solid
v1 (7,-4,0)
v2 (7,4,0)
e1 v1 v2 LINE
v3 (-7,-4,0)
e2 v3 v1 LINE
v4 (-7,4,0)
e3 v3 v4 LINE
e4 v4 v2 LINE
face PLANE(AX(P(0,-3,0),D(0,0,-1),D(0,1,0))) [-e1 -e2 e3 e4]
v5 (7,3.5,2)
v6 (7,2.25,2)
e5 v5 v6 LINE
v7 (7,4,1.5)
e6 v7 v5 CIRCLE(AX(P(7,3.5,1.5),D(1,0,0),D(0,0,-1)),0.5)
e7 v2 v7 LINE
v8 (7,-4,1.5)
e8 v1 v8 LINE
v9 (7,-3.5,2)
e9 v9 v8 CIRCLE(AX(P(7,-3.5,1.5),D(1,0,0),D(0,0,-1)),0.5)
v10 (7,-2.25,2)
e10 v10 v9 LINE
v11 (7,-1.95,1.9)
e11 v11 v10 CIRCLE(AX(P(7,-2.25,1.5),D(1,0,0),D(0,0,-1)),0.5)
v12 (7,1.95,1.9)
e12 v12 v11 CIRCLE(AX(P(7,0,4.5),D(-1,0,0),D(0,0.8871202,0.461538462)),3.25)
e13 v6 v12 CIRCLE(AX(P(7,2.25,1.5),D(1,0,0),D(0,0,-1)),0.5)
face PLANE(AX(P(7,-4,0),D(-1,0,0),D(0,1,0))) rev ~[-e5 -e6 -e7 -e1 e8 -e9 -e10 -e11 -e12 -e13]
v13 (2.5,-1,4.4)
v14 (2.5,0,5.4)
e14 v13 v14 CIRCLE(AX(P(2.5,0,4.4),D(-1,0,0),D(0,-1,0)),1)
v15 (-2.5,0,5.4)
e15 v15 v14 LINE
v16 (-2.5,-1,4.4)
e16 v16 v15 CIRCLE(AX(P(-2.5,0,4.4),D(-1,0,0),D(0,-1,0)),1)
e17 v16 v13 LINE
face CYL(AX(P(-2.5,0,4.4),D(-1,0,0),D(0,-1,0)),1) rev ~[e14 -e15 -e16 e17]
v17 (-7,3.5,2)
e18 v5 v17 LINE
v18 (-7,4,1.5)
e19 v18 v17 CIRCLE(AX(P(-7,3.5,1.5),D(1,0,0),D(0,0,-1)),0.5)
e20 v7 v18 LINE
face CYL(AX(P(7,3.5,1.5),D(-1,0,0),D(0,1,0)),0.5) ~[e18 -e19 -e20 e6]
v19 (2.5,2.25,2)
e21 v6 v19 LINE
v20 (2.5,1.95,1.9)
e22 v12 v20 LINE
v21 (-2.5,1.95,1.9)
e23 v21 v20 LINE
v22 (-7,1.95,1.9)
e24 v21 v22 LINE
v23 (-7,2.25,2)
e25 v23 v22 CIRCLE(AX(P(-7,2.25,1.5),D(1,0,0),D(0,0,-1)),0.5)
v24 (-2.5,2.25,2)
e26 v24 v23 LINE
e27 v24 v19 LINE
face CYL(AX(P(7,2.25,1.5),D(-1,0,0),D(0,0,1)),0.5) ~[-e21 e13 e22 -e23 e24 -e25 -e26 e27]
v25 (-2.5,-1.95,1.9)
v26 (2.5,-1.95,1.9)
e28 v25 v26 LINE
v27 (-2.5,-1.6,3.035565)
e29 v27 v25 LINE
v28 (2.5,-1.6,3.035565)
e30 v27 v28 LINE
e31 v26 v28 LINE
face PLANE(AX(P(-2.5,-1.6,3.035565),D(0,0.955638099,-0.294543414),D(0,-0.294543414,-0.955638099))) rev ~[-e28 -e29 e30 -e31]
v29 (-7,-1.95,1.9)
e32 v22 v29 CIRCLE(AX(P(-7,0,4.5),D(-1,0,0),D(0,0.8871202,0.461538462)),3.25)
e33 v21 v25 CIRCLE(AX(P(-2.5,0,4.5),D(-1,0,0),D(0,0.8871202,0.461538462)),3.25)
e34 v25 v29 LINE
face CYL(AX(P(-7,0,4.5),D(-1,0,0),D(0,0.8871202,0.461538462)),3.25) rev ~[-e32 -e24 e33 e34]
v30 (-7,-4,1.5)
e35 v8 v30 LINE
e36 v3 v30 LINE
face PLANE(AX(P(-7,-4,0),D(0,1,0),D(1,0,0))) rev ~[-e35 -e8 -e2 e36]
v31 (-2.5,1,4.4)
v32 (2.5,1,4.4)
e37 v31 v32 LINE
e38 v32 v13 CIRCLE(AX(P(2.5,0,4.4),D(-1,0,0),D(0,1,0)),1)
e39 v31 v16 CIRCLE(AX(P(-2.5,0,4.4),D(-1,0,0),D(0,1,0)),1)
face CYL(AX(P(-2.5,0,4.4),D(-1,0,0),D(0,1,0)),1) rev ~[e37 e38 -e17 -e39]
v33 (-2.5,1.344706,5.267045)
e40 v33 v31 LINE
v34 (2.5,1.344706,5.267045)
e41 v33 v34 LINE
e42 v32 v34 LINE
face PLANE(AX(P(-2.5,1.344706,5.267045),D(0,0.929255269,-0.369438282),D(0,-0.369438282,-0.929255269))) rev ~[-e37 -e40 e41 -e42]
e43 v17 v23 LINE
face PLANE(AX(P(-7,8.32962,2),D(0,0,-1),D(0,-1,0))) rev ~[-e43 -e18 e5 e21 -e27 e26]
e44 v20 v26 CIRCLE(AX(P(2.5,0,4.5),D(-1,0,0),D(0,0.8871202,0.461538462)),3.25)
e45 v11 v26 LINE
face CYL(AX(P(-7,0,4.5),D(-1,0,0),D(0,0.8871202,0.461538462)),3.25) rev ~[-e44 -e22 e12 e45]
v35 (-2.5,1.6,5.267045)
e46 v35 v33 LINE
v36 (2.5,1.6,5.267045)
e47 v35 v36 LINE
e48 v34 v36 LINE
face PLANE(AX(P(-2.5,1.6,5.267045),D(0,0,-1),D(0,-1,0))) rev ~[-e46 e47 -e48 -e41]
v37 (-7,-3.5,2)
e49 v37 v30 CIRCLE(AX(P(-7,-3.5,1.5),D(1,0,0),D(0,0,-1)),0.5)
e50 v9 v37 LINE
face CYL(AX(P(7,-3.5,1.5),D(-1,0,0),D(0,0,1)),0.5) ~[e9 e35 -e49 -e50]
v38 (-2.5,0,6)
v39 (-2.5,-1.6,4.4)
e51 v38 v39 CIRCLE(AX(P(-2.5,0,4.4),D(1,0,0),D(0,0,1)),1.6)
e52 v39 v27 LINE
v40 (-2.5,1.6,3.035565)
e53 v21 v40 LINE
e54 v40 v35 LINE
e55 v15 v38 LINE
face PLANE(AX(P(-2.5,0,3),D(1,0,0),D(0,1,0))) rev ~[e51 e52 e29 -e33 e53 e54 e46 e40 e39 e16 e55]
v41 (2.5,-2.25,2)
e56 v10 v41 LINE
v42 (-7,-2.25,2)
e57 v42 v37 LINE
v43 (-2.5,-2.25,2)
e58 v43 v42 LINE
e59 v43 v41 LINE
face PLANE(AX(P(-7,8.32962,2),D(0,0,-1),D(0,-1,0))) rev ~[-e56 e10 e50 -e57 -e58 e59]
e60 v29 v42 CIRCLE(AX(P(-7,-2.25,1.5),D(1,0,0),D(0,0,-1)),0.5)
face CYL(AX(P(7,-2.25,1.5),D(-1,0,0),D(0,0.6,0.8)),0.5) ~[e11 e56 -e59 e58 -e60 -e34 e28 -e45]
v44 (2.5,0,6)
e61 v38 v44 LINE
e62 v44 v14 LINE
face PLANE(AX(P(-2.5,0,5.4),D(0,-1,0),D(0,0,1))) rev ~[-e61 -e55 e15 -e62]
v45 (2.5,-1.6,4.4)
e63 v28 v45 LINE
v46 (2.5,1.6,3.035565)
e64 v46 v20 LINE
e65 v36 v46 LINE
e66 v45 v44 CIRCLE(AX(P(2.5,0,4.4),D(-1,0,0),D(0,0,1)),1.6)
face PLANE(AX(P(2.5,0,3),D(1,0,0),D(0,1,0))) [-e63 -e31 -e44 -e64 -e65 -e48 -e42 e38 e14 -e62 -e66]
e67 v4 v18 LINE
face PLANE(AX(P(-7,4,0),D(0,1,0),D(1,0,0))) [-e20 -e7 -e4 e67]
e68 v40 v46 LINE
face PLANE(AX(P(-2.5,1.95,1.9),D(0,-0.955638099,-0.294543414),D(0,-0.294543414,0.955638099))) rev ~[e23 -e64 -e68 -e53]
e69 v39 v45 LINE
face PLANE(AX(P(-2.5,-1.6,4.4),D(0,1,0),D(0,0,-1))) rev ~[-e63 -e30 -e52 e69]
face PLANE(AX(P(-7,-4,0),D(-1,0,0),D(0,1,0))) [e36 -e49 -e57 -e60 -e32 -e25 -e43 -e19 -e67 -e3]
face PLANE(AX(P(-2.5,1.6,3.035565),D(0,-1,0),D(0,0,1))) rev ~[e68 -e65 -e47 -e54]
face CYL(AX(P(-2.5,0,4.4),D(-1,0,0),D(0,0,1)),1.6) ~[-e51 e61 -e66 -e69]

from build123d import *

# Parameters (mm, degrees)
F0_W      = 14
F0_H      = 8
F1_DEPTH  = 6
F3_DEPTH  = 25
F5_DEPTH  = 15
F6_R      = 0.5
F7_W      = 6
F7_H      = 6
F8_DEPTH  = 2.5
F10_DEPTH = 25


with BuildPart() as f1:
    # F0 (on Top) → F1 (new body)
    with BuildSketch(Plane.XY):
        Rectangle(F0_W, F0_H)
    extrude(amount=F1_DEPTH)

    # F2 (on face) → F3 (cut, symmetric)
    with BuildSketch(Plane(origin=(-7, 0, 0), x_dir=(0, -1, 0), z_dir=(-1, 0, 0))):
        with BuildLine():
            Line((-2.8831406487, 6), (2.8831406487, 6))
            ThreePointArc((2.8831406487, 6), (0, 7.75), (-2.8831406487, 6))
        make_face()
        with BuildLine():
            ThreePointArc((-2.8831406487, 6), (-0.7721052039, 1.3430467925), (3.25, 4.5))
            ThreePointArc((3.25, 4.5), (3.1569532075, 5.2721052039), (2.8831406487, 6))
            Line((2.8831406487, 6), (-2.8831406487, 6))
        make_face()
    extrude(amount=F3_DEPTH, both=True, mode=Mode.SUBTRACT)

    # F4 (on face) → F5 (cut, symmetric)
    with BuildSketch(Plane(origin=(-7, 0, 0), x_dir=(0, -1, 0), z_dir=(-1, 0, 0))):
        with BuildLine():
            Line((8.3296196082, 2), (8.3296196082, 11.0180403529))
            Line((8.3296196082, 11.0180403529), (-8.3296196082, 11.0180403529))
            Line((-8.3296196082, 11.0180403529), (-8.3296196082, 2))
            Line((-8.3296196082, 2), (-4, 2))
            Line((-4, 2), (-4, 6))
            Line((-4, 6), (-2.8831406487, 6))
            ThreePointArc((-2.8831406487, 6), (-3.1858900819, 3.8576571119), (-2.0766559657, 2))
            Line((-2.0766559657, 2), (2.0766559657, 2))
            ThreePointArc((2.0766559657, 2), (3.1858900819, 3.8576571119), (2.8831406487, 6))
            Line((2.8831406487, 6), (4, 6))
            Line((4, 6), (4, 2))
            Line((4, 2), (8.3296196082, 2))
        make_face()
        with BuildLine():
            Line((-4, 6), (-4, 2))
            Line((-4, 2), (-2.0766559657, 2))
            ThreePointArc((-2.0766559657, 2), (-3.1858900819, 3.8576571119), (-2.8831406487, 6))
            Line((-2.8831406487, 6), (-4, 6))
        make_face()
        with BuildLine():
            Line((2.0766559657, 2), (4, 2))
            Line((4, 2), (4, 6))
            Line((4, 6), (2.8831406487, 6))
            ThreePointArc((2.8831406487, 6), (3.1858900819, 3.8576571119), (2.0766559657, 2))
        make_face()
    extrude(amount=F5_DEPTH, both=True, mode=Mode.SUBTRACT)

    # F6
    f6_edges = [f1.edges().sort_by_distance(p)[0] for p in [
        (0, 4, 2),
        (0, 2.076656, 2),
        (0, -2.076656, 2),
        (0, -4, 2),
    ]]
    fillet(f6_edges, radius=F6_R)

    # F7 (on Right) → F8 (join, symmetric)
    with BuildSketch(Plane.YZ):
        with Locations((0, 3)):
            Rectangle(F7_W, F7_H)
    extrude(amount=F8_DEPTH, both=True)

    # F9 (on face) → F10 (cut)
    with BuildSketch(Plane(origin=(-2.5, 0, 0), x_dir=(0, -1, 0), z_dir=(-1, 0, 0))):
        with BuildLine():
            Line((-1.3447056541, 5.2670448107), (-1, 4.4))
            ThreePointArc((-1, 4.4), (0, 3.4), (1, 4.4))
            ThreePointArc((1, 4.4), (0.7071067812, 5.1071067812), (0, 5.4))
            Line((0, 5.4), (0, 6))
            Line((0, 6), (-3, 6))
            Line((-3, 6), (-3, 2))
            Line((-3, 2), (-2.25, 2))
            ThreePointArc((-2.25, 2), (-2.091886117, 1.974341649), (-1.95, 1.9))
            Line((-1.95, 1.9), (-1.6, 3.035565484))
            Line((-1.6, 3.035565484), (-1.6, 4.4))
            Line((-1.6, 4.4), (-1.6, 5.2670448107))
            Line((-1.6, 5.2670448107), (-1.3447056541, 5.2670448107))
        make_face()
        with BuildLine():
            ThreePointArc((0, 6), (1.1313708499, 5.5313708499), (1.6, 4.4))
            Line((1.6, 4.4), (1.6, 3.035565484))
            Line((1.6, 3.035565484), (1.95, 1.9))
            ThreePointArc((1.95, 1.9), (2.091886117, 1.974341649), (2.25, 2))
            Line((2.25, 2), (3, 2))
            Line((3, 2), (3, 6))
            Line((3, 6), (0, 6))
        make_face()
    extrude(amount=-F10_DEPTH, mode=Mode.SUBTRACT)


solid = f1.part
